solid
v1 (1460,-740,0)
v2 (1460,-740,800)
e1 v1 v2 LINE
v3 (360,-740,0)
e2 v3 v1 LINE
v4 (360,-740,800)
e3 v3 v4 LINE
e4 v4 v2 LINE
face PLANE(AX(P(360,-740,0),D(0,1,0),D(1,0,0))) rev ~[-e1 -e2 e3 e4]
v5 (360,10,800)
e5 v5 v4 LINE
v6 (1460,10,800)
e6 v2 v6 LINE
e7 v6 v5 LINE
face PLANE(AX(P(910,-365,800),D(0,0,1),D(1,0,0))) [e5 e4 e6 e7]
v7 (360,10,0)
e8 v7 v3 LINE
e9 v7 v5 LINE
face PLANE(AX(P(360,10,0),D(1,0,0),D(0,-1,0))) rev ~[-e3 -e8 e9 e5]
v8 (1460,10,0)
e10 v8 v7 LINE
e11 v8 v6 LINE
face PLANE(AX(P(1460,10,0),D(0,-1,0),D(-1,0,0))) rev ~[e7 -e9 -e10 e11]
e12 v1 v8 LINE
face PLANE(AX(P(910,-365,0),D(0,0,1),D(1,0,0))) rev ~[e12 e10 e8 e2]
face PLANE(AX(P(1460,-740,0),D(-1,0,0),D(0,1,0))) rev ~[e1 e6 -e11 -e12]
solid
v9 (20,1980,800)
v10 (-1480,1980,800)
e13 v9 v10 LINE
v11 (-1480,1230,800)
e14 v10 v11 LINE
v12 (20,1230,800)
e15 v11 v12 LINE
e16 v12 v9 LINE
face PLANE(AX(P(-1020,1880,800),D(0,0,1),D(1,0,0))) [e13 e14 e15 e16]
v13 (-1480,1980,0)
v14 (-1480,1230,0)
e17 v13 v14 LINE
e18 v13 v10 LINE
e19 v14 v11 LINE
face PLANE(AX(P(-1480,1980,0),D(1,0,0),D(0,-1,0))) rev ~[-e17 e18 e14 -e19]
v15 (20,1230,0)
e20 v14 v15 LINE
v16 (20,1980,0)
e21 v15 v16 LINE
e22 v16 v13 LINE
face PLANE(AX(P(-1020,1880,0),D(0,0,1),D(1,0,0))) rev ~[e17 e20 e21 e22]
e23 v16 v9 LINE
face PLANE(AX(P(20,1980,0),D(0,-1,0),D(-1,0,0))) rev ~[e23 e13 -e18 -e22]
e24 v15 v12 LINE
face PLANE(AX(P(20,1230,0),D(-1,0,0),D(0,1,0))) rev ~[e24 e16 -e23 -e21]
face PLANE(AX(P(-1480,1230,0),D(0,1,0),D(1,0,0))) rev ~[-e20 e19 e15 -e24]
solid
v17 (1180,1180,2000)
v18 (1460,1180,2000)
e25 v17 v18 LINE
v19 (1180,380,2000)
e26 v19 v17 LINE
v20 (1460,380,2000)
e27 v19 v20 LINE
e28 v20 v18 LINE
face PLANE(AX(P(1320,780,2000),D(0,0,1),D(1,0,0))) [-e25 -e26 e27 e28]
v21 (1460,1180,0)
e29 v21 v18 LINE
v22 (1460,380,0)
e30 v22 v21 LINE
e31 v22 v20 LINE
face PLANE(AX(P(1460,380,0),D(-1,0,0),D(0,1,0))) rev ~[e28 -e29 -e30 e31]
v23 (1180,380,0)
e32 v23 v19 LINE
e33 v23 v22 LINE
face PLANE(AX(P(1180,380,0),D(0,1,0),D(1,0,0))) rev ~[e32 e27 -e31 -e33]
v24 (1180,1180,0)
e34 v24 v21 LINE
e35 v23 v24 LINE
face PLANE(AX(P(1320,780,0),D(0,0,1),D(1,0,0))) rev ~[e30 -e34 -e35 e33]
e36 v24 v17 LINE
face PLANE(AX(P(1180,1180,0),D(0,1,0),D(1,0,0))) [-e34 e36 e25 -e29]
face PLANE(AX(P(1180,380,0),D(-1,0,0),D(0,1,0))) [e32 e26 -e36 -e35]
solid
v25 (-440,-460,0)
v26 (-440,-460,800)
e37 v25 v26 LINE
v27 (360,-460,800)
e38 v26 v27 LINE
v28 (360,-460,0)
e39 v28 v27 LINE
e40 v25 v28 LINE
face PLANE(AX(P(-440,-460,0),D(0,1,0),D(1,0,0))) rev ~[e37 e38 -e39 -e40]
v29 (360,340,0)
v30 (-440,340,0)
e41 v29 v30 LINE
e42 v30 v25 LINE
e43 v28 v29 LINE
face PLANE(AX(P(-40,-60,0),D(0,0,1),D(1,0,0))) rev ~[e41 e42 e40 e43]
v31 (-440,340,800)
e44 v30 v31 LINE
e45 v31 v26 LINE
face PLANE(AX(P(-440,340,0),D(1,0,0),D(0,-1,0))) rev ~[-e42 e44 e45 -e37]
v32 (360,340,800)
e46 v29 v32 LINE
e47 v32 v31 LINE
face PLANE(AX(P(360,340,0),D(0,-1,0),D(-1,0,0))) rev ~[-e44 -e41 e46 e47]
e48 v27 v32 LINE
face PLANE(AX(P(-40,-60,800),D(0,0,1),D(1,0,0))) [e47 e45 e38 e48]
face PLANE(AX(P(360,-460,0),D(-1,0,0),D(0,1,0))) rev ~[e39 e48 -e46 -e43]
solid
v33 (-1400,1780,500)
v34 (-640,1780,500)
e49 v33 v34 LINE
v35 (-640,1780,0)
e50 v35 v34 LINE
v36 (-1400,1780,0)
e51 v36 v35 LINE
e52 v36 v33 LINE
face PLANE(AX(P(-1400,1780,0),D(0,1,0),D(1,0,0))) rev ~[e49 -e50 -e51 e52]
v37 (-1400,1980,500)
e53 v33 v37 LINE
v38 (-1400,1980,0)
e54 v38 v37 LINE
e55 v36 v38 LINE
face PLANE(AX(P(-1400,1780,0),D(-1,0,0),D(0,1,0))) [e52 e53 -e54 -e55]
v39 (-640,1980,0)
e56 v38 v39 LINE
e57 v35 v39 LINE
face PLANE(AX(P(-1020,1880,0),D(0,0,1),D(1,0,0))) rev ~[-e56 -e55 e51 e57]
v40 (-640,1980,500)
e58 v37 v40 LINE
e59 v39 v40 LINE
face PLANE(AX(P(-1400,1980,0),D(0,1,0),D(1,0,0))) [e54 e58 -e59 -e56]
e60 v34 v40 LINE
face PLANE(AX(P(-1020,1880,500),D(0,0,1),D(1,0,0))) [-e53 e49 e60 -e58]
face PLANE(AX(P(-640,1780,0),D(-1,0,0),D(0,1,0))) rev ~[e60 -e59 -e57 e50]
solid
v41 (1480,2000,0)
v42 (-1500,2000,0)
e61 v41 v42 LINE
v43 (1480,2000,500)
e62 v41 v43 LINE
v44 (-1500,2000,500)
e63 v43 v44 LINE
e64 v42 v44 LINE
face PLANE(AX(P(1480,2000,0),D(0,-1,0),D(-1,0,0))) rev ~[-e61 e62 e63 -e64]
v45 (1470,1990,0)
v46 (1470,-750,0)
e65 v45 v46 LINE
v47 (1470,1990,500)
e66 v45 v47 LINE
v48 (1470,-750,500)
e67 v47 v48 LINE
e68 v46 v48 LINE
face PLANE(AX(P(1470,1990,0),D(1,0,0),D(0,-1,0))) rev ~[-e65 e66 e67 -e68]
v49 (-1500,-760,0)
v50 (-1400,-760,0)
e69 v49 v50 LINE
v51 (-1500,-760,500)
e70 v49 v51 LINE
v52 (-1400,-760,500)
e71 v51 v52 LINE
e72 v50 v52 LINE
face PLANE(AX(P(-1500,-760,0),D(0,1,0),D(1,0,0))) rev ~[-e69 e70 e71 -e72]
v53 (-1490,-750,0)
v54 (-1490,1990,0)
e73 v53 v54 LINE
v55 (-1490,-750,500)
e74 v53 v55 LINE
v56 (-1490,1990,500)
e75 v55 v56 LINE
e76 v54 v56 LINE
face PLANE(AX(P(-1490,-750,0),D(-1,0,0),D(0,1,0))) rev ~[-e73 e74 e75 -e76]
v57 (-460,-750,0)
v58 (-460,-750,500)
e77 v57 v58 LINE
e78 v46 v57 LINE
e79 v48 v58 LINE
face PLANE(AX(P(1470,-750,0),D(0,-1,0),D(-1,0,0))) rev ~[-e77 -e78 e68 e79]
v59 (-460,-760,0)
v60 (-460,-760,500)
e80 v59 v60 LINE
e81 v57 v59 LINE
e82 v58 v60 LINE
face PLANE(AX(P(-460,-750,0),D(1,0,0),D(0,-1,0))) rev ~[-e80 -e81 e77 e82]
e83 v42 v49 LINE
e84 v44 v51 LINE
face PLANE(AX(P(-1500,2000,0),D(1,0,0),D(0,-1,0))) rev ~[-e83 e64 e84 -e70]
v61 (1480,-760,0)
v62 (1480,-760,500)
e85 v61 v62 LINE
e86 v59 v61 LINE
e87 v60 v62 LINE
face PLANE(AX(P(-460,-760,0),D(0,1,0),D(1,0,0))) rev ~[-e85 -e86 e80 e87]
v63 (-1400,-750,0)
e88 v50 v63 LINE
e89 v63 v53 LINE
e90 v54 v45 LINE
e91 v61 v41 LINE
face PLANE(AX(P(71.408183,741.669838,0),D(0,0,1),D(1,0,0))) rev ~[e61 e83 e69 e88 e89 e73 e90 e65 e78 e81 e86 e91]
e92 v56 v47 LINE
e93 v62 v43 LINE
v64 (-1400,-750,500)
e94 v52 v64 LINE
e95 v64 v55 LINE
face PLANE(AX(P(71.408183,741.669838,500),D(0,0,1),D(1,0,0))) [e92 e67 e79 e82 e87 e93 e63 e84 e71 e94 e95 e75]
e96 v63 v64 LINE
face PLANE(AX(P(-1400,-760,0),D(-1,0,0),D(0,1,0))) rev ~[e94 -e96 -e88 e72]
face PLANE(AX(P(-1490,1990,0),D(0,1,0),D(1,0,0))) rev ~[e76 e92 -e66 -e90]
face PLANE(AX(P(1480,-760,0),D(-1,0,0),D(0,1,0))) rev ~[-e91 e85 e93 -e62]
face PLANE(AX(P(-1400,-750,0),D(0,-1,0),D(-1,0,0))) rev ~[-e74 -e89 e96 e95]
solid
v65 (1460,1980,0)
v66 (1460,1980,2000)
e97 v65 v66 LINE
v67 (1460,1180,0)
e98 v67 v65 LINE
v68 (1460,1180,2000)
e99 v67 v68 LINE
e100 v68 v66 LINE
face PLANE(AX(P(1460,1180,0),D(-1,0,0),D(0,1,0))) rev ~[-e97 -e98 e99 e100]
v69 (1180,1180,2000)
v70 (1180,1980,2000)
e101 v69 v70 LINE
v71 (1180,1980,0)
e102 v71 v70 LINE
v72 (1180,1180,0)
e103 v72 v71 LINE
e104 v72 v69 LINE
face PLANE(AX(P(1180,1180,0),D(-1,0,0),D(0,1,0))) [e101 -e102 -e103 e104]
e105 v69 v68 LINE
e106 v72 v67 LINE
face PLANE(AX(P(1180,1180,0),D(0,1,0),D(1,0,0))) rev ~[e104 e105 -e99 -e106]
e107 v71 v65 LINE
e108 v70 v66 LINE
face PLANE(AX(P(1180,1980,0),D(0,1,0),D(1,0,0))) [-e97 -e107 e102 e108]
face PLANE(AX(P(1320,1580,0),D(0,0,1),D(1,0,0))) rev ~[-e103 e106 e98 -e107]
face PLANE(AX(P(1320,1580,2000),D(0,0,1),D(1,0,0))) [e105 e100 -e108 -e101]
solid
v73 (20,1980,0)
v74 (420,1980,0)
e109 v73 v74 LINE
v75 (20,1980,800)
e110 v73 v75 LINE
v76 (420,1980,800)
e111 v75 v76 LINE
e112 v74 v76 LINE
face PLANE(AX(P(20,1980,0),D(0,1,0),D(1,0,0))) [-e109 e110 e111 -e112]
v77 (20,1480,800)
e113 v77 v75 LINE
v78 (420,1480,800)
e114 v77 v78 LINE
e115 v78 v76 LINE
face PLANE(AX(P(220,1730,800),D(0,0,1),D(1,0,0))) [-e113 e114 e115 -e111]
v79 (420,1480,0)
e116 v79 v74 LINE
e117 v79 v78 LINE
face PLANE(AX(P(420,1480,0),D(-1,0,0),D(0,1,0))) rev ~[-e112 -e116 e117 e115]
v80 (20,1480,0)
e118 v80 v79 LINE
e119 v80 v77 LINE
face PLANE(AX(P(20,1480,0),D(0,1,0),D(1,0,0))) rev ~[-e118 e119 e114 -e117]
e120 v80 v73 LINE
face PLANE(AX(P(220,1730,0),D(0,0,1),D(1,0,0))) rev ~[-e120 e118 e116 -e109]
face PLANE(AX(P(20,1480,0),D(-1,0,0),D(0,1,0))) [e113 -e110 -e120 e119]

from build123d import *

# Parameters (mm, degrees)
F1_DEPTH = 500
F0_W     = 280
F0_H     = 800
F2_DEPTH = 2000
F0_W_2   = 760
F0_H_2   = 200
F3_DEPTH = 500
F4_DEPTH = 800
F5_DEPTH = 800
F6_DEPTH = 800
F7_DEPTH = 2000
F0_W_3   = 400
F0_H_3   = 500
F8_DEPTH = 800


with BuildPart() as f1:
    # F0 (on Top) → F1 (new body)
    with BuildSketch(Plane.XY):
        Polygon((-1490, -750), (-1490, 1990), (1470, 1990), (1470, -750), (-460, -750), (-460, -760), (1480, -760), (1480, 2000), (-1500, 2000), (-1500, -760), (-1400, -760), (-1400, -750), align=None)
    extrude(amount=F1_DEPTH)


with BuildPart() as f2:
    # F0 (on Top) → F2 (new body)
    with BuildSketch(Plane.XY):
        with Locations((1320, 780)):
            Rectangle(F0_W, F0_H)
    extrude(amount=F2_DEPTH)


with BuildPart() as f3:
    # F0 (on Top) → F3 (new body)
    with BuildSketch(Plane.XY):
        with Locations((-1020, 1880)):
            Rectangle(F0_W_2, F0_H_2)
    extrude(amount=F3_DEPTH)


with BuildPart() as f4:
    # F0 (on Top) → F4 (new body)
    with BuildSketch(Plane.XY):
        with Locations((-1020, 1880)):
            Rectangle(F0_W_2, F0_H_2)
        Polygon((-1400, 1780), (-1400, 1980), (-1480, 1980), (-1480, 1230), (20, 1230), (20, 1480), (20, 1980), (-640, 1980), (-640, 1780), align=None)
    extrude(amount=F4_DEPTH)


with BuildPart() as f5:
    # F0 (on Top) → F5 (new body)
    with BuildSketch(Plane.XY):
        Polygon((360, -460), (360, 10), (360, 340), (-440, 340), (-440, -460), align=None)
    extrude(amount=F5_DEPTH)


with BuildPart() as f6:
    # F0 (on Top) → F6 (new body)
    with BuildSketch(Plane.XY):
        Polygon((1460, 10), (360, 10), (360, -460), (360, -740), (1460, -740), align=None)
    extrude(amount=F6_DEPTH)


with BuildPart() as f7:
    # F0 (on Top) → F7 (new body)
    with BuildSketch(Plane.XY):
        with Locations((1320, 1580)):
            Rectangle(F0_W, F0_H)
    extrude(amount=F7_DEPTH)


with BuildPart() as f8:
    # F0 (on Top) → F8 (new body)
    with BuildSketch(Plane.XY):
        with Locations((220, 1730)):
            Rectangle(F0_W_3, F0_H_3)
    extrude(amount=F8_DEPTH)


solid = Compound([f1.part, f2.part, f3.part, f4.part, f5.part, f6.part, f7.part, f8.part])
